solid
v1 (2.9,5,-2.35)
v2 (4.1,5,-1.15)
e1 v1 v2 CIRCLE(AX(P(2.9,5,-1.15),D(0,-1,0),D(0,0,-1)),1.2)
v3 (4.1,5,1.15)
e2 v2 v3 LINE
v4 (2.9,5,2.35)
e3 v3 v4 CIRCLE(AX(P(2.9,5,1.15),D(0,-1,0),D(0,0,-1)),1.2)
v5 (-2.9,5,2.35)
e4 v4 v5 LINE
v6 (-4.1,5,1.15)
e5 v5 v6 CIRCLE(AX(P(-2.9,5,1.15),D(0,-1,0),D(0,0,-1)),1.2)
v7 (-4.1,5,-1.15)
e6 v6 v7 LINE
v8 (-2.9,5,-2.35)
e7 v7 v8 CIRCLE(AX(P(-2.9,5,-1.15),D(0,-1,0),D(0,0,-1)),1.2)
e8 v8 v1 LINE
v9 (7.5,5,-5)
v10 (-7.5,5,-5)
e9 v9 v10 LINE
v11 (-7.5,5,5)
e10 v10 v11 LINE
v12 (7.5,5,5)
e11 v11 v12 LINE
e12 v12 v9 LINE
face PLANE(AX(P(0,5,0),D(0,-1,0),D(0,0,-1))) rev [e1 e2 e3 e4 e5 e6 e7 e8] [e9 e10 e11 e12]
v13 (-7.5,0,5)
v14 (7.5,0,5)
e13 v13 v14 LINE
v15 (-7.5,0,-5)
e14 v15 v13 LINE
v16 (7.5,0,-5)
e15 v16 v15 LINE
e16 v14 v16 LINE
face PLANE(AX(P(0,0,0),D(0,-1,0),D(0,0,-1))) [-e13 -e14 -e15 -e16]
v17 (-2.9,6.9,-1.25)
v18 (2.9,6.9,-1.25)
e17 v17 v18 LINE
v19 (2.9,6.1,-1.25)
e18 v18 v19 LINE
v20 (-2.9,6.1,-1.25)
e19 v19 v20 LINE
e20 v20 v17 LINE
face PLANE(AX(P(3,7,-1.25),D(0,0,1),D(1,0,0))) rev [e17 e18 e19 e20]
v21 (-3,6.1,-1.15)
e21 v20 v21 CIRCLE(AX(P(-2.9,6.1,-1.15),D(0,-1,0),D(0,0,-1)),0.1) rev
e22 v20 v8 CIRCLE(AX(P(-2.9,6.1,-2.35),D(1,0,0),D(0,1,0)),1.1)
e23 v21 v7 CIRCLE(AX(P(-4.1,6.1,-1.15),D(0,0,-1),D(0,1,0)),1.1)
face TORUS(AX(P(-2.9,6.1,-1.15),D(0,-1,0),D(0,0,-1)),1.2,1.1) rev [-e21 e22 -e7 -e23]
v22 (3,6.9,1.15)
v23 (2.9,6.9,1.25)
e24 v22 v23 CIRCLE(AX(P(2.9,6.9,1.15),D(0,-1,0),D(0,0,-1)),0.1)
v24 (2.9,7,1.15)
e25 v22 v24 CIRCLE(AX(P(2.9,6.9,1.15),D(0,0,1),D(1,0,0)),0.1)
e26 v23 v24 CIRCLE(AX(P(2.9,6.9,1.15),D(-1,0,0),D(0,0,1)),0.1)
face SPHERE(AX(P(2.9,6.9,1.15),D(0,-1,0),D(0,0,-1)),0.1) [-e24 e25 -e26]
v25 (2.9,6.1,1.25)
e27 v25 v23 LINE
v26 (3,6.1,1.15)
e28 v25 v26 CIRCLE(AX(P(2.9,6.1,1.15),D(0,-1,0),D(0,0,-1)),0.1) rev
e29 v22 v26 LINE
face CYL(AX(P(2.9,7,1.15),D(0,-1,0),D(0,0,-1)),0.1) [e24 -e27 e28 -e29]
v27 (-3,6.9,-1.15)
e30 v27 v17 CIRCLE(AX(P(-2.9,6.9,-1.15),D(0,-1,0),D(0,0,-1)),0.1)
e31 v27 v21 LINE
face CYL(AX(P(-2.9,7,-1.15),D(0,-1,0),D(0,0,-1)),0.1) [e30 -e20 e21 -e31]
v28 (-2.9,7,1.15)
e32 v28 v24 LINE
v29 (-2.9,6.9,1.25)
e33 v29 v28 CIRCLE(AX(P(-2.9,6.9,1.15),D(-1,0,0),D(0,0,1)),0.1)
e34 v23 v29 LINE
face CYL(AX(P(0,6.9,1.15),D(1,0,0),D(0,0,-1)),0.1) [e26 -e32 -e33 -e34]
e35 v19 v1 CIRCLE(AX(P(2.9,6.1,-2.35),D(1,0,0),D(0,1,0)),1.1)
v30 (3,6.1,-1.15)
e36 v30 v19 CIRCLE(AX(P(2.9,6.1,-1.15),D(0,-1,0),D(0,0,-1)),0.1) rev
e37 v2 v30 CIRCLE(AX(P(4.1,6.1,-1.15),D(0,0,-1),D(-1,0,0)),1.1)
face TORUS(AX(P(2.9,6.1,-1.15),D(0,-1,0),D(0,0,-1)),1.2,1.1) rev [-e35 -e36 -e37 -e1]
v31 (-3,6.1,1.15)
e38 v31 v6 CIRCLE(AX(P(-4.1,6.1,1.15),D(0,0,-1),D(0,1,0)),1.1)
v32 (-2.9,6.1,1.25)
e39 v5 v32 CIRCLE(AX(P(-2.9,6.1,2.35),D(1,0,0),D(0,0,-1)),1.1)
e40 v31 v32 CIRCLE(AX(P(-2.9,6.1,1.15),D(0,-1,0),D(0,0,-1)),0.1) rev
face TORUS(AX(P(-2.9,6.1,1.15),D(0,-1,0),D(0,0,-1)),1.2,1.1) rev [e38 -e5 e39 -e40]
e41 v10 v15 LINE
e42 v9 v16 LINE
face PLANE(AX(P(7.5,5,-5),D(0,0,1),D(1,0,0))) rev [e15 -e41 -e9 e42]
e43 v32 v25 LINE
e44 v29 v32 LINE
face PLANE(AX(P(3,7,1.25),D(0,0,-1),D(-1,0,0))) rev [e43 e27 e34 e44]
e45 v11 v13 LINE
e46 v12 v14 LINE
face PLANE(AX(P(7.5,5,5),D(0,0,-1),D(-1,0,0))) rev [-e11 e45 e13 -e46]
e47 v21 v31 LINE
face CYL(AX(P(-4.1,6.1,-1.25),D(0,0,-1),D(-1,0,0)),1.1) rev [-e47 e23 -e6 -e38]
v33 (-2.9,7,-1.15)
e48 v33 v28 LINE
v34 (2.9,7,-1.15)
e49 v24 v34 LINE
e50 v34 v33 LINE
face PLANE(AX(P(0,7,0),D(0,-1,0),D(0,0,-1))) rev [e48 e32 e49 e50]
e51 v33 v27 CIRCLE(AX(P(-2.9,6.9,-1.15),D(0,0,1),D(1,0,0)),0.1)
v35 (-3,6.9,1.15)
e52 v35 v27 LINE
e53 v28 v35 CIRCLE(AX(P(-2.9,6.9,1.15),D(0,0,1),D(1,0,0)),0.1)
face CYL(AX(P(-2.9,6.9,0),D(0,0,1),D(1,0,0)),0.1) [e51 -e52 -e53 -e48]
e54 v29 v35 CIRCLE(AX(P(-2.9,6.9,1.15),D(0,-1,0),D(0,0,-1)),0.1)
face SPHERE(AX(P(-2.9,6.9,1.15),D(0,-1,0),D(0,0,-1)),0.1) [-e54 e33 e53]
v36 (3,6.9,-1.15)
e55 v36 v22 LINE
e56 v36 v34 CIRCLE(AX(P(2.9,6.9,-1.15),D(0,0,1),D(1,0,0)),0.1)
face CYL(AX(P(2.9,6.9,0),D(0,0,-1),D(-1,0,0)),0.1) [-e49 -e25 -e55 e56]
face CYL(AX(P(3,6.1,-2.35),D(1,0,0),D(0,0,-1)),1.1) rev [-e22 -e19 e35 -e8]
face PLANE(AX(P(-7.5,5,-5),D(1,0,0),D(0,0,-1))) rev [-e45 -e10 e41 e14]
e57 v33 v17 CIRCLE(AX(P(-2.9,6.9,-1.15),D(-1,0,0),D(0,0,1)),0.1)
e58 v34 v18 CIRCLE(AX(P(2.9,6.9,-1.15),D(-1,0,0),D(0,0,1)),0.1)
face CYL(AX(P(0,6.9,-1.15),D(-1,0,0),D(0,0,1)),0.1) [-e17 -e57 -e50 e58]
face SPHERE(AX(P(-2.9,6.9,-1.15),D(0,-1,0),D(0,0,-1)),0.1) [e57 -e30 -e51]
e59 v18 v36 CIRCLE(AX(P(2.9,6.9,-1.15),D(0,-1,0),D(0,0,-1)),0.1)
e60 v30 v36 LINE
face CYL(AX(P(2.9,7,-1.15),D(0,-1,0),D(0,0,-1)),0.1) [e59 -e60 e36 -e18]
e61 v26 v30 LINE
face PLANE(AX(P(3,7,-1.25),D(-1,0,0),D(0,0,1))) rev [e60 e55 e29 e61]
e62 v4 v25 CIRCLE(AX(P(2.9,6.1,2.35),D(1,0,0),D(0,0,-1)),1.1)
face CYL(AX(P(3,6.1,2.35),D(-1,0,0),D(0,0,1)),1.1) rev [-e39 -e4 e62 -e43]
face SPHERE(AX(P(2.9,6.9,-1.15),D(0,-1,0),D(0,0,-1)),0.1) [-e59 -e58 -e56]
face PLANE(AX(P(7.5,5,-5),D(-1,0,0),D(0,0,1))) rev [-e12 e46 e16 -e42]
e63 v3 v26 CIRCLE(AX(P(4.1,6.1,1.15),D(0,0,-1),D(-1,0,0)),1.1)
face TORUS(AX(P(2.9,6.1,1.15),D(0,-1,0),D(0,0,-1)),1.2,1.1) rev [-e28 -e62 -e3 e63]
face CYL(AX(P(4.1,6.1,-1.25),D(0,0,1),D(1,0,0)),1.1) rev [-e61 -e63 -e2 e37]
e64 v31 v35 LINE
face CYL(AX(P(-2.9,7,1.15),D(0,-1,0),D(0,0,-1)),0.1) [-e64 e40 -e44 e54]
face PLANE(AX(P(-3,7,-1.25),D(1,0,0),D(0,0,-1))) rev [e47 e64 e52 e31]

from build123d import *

# Parameters (mm, degrees)
SKETCH_1_W      = 15
SKETCH_1_H      = 10
EXTRUDE_1_DEPTH = 5
SKETCH_2_W      = 6
SKETCH_2_H      = 2.5
EXTRUDE_2_DEPTH = 2
FILLET_1_R      = 0.1
FILLET_2_R      = 1.1
FILLET_3_R      = 0.1


with BuildPart() as part:
    # 草图1 → 凸台-拉伸1 (new body)
    with BuildSketch(Plane(origin=(0, 0, 0), x_dir=(1, 0, 0), z_dir=(0, 1, 0))):
        Rectangle(SKETCH_1_W, SKETCH_1_H)
    extrude(amount=EXTRUDE_1_DEPTH)

    # 草图2 → 凸台-拉伸2 (add)
    with BuildSketch(Plane(origin=(0, 5, 0), x_dir=(1, 0, 0), z_dir=(0, 1, 0))):
        Rectangle(SKETCH_2_W, SKETCH_2_H)
    extrude(amount=EXTRUDE_2_DEPTH)

    # 圆角1
    fillet_1_edges = [part.edges().sort_by_distance(p)[0] for p in [
        (-3, 6, -1.25),
        (-3, 6, 1.25),
        (3, 6, 1.25),
        (3, 6, -1.25),
    ]]
    fillet(fillet_1_edges, radius=FILLET_1_R)

    # 圆角2
    fillet_2_edges = [part.edges().sort_by_distance(p)[0] for p in [
        (-3, 5, 0),
        (0, 5, -1.25),
        (3, 5, 0),
        (0, 5, 1.25),
        (-2.970710678, 5, -1.220710678),
        (2.970710678, 5, -1.220710678),
        (2.970710678, 5, 1.220710678),
        (-2.970710678, 5, 1.220710678),
    ]]
    fillet(fillet_2_edges, radius=FILLET_2_R)

    # 圆角3
    fillet_3_edges = [part.edges().sort_by_distance(p)[0] for p in [
        (-3, 7, 0),
        (0, 7, -1.25),
        (0, 7, 1.25),
        (3, 7, 0),
        (-2.970710678, 7, 1.220710678),
        (2.970710678, 7, 1.220710678),
        (2.970710678, 7, -1.220710678),
        (-2.970710678, 7, -1.220710678),
    ]]
    fillet(fillet_3_edges, radius=FILLET_3_R)


solid = part.part
